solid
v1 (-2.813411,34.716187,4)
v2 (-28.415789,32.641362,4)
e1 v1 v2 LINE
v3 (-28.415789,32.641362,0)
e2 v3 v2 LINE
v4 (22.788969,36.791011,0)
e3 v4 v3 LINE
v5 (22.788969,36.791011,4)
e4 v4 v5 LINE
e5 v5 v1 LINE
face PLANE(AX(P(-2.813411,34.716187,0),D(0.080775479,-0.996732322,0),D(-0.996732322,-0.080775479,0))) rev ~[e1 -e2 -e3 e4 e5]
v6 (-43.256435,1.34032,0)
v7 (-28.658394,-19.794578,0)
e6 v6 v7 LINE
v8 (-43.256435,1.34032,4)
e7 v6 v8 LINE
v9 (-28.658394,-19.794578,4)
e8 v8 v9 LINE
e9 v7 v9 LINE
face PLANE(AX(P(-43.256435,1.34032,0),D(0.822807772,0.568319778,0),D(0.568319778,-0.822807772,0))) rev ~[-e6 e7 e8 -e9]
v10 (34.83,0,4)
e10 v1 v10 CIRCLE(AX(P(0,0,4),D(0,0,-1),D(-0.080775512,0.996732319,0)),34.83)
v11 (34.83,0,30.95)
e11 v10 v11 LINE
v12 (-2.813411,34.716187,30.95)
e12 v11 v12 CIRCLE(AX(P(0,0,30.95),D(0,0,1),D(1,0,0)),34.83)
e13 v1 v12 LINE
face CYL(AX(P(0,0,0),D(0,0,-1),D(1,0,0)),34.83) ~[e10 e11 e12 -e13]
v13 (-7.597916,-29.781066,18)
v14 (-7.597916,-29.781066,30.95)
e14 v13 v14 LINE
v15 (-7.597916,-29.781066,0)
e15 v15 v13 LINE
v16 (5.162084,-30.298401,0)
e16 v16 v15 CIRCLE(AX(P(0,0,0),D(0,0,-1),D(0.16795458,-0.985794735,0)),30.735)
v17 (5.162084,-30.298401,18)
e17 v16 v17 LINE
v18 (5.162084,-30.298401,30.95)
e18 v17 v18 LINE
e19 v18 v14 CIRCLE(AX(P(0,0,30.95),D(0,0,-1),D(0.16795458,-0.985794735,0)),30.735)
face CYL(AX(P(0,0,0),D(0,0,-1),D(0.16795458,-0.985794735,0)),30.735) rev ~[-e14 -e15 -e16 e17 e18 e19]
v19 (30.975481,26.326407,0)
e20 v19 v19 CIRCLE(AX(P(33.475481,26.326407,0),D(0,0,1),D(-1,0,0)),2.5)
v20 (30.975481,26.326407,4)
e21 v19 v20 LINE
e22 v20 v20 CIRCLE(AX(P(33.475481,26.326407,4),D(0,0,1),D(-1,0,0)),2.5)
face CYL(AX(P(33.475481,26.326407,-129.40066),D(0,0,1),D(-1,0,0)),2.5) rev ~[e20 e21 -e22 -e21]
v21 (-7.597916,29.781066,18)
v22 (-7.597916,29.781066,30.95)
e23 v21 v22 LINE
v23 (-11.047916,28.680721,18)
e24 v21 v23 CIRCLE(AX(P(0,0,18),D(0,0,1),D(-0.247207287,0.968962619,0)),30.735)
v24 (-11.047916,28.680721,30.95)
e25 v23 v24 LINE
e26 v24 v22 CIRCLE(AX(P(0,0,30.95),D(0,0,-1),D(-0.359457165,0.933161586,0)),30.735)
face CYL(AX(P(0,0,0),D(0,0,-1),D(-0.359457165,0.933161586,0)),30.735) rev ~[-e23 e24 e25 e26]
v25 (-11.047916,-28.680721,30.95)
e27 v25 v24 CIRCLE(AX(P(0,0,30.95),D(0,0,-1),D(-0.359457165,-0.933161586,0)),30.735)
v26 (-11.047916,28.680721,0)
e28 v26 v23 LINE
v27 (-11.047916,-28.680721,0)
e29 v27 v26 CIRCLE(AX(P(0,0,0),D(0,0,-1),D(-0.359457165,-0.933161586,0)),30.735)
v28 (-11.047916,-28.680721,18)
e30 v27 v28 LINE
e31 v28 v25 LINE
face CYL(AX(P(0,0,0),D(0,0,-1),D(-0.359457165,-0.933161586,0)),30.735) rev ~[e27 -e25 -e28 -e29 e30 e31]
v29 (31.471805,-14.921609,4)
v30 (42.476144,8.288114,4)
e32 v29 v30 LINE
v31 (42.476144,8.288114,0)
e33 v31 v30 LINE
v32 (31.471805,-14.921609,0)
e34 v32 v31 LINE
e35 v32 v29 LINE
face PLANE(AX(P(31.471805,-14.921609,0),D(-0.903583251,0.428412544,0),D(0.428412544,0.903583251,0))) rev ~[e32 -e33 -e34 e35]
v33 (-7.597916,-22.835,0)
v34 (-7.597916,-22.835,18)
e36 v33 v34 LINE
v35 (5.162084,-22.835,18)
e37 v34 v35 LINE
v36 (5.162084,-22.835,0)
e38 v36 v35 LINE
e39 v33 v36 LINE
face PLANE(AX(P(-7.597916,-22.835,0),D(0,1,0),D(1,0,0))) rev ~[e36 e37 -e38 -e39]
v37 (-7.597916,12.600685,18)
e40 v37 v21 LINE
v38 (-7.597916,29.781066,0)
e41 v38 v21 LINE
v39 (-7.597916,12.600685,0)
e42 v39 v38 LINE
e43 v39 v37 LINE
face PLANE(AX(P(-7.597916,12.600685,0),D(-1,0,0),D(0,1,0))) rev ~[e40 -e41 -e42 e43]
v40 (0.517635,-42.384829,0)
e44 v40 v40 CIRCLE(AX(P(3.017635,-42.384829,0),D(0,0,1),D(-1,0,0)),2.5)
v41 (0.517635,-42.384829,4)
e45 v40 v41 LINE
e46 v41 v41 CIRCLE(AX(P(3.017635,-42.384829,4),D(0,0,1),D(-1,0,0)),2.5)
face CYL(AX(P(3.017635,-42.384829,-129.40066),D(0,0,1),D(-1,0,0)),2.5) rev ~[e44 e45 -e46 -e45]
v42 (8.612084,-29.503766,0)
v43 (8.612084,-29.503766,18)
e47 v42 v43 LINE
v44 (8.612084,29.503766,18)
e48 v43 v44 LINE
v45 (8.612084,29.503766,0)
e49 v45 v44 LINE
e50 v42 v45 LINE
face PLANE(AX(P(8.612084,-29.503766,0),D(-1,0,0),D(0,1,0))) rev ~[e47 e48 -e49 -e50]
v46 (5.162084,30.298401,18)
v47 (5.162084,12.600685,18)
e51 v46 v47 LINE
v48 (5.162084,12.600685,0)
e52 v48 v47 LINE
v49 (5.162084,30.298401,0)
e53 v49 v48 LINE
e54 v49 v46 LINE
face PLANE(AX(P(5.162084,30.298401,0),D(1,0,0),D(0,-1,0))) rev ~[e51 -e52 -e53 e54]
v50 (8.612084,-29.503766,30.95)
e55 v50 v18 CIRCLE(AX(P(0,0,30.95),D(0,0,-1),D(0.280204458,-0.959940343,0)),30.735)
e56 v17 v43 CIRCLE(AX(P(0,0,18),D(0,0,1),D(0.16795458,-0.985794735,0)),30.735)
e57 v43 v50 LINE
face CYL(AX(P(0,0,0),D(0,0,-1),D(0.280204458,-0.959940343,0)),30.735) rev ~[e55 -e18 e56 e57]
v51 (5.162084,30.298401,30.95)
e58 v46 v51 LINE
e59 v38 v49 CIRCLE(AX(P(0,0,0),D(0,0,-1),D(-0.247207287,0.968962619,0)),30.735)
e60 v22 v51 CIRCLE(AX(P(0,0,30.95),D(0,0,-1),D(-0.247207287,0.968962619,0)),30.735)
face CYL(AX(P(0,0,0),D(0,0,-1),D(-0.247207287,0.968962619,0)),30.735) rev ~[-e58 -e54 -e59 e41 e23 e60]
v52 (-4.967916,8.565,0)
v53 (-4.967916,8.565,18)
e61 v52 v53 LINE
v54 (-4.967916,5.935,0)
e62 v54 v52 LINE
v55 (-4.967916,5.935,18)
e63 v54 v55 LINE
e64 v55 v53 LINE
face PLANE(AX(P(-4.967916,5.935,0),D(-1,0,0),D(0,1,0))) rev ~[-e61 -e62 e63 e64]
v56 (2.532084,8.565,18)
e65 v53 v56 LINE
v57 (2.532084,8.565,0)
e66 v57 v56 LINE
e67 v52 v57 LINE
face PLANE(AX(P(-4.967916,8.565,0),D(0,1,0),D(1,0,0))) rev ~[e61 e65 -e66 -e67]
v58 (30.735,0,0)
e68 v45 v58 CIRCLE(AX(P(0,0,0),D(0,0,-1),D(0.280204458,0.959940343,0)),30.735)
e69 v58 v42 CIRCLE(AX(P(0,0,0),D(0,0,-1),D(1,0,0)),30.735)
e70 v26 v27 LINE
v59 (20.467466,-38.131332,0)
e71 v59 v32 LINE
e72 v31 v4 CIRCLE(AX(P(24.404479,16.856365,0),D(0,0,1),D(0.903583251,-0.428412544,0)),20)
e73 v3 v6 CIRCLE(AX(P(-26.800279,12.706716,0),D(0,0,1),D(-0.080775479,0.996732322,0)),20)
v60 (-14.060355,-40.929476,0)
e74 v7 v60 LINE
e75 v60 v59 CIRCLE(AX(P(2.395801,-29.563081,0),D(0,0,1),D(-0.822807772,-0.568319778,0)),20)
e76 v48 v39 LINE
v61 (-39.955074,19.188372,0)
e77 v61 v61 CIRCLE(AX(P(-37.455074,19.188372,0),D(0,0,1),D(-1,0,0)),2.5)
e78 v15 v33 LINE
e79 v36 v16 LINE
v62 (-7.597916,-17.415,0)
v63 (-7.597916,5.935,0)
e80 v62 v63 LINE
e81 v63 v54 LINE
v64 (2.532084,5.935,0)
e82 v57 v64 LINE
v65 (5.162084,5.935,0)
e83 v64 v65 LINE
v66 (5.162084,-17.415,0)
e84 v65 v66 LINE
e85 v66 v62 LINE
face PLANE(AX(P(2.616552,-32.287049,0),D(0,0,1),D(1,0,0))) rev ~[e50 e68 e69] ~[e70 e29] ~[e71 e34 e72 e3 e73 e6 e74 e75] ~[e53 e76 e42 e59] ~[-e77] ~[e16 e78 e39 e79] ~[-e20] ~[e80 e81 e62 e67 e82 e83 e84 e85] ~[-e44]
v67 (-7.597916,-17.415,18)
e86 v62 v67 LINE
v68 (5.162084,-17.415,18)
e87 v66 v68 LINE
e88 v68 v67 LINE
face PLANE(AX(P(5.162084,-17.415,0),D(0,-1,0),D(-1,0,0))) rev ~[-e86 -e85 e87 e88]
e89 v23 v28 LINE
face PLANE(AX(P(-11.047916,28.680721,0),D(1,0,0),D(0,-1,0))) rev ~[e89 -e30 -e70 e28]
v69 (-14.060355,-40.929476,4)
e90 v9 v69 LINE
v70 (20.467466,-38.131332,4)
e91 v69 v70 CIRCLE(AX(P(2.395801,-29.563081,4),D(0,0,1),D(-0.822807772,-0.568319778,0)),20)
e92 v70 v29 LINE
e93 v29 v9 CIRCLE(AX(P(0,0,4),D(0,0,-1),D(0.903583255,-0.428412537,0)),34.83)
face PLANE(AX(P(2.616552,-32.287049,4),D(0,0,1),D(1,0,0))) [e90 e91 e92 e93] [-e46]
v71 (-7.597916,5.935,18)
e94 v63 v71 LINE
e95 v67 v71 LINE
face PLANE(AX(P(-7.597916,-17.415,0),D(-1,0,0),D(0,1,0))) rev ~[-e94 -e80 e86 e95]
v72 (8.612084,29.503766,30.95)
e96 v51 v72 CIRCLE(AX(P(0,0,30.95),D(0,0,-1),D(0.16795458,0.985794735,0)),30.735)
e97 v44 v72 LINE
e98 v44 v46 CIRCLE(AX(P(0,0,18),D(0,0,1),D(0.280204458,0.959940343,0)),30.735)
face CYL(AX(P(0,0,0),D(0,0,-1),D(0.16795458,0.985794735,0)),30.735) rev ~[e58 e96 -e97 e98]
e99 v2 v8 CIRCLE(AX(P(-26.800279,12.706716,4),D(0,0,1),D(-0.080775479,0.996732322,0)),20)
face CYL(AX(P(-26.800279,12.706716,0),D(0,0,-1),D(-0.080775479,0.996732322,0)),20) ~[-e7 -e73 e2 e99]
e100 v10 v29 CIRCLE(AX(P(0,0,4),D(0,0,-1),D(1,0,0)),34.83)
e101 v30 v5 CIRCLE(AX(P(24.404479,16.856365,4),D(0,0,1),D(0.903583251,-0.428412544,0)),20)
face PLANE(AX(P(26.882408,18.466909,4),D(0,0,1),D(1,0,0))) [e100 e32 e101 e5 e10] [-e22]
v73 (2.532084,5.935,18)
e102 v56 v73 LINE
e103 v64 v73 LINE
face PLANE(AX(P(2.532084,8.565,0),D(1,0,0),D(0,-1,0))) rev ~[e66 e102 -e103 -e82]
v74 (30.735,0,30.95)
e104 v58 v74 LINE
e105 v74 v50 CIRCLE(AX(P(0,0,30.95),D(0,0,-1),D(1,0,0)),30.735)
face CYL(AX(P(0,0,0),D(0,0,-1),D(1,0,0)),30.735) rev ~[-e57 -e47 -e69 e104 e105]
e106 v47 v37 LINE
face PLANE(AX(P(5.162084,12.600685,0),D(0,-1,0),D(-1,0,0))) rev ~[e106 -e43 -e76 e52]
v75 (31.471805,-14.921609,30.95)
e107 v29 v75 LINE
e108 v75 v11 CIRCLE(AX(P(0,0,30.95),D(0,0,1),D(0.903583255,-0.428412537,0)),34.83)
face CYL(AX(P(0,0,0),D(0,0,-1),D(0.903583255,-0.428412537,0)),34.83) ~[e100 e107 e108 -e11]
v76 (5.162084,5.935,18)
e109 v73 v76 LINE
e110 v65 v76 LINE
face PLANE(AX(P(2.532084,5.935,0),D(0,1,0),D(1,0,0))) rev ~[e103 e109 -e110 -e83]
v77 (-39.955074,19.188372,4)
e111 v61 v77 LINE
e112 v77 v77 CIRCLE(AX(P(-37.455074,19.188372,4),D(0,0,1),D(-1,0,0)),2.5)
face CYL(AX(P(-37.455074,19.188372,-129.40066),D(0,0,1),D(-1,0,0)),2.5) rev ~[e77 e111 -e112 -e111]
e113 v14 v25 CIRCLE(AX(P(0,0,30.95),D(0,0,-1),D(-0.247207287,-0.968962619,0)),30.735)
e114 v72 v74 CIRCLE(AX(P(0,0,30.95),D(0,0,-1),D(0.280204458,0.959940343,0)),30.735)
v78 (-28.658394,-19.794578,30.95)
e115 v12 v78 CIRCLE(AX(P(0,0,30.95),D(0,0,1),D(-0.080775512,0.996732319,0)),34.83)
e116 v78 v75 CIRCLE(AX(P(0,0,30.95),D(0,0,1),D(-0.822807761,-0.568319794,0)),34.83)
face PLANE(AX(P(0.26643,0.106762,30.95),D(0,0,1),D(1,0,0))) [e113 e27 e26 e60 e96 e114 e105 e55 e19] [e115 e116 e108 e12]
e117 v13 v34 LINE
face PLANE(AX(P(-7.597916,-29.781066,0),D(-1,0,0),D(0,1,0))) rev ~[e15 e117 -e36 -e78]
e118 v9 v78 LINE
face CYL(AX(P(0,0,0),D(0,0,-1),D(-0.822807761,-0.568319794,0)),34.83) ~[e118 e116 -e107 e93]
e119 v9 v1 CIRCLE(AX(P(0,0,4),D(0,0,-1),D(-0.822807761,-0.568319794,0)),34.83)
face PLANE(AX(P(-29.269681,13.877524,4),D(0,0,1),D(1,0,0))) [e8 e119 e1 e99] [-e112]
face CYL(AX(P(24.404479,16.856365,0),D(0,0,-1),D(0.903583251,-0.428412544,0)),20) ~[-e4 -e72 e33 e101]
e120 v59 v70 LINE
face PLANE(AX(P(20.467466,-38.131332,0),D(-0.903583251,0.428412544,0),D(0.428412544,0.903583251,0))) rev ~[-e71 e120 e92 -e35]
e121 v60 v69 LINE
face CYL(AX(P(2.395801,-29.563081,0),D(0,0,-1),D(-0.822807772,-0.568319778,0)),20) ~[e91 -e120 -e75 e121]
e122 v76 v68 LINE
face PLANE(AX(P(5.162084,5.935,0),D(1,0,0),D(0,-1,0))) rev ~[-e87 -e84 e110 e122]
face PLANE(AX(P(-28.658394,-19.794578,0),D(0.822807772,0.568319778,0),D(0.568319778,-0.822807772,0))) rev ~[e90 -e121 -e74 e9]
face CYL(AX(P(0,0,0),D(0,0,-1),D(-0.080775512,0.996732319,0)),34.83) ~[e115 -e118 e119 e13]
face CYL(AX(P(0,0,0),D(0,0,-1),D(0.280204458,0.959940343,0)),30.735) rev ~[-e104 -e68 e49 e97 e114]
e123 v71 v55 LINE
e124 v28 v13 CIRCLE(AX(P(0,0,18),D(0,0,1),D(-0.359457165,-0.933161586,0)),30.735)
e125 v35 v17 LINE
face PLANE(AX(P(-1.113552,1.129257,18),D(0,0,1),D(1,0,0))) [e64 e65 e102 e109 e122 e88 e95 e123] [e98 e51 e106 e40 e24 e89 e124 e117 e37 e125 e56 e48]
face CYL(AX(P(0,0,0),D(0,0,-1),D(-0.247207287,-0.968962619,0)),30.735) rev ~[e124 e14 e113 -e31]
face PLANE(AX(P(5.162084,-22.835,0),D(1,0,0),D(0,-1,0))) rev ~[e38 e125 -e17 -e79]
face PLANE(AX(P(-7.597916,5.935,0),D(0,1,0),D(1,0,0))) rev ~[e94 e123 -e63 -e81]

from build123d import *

# Parameters (mm, degrees)
F1_DEPTH = 30.95
F2_DEPTH = 18
F4_DEPTH = 4
F5_DEPTH = 4
F6_D     = 5


with BuildPart() as f1:
    # F0 (on Top) → F1 (new body)
    with BuildSketch(Plane.XY):
        with BuildLine():
            ThreePointArc((31.4718047667, -14.9216086508), (33.9800813715, -7.6474159027), (34.83, 0))
            ThreePointArc((34.83, 0), (23.6128968094, 25.6039060354), (-2.8134110978, 34.7161866857))
            ThreePointArc((-2.8134110978, 34.7161866857), (-31.4718050367, 14.9216080814), (-28.6583943208, -19.7945784232))
            ThreePointArc((-28.6583943208, -19.7945784232), (2.8134104188, -34.7161867407), (31.4718047667, -14.9216086508))
        make_face()
        with BuildLine():
            ThreePointArc((8.6120840205, 29.5037664345), (24.589963678, 18.4383814722), (30.735, 0))
            ThreePointArc((30.735, 0), (24.589963678, -18.4383814722), (8.6120840205, -29.5037664345))
            ThreePointArc((8.6120840205, -29.5037664345), (6.8985351632, -29.9508002832), (5.1620840205, -30.2984011718))
            ThreePointArc((5.1620840205, -30.2984011718), (-1.2450816151, -30.7097703797), (-7.5979159795, -29.7810660952))
            ThreePointArc((-7.5979159795, -29.7810660952), (-9.3391355058, -29.2817481207), (-11.0479159795, -28.6807213562))
            ThreePointArc((-11.0479159795, -28.6807213562), (-30.735, 0), (-11.0479159795, 28.6807213562))
            ThreePointArc((-11.0479159795, 28.6807213562), (-9.3391355058, 29.2817481207), (-7.5979159795, 29.7810660952))
            ThreePointArc((-7.5979159795, 29.7810660952), (-1.2450816151, 30.7097703797), (5.1620840205, 30.2984011718))
            ThreePointArc((5.1620840205, 30.2984011718), (6.8985351632, 29.9508002832), (8.6120840205, 29.5037664345))
        make_face(mode=Mode.SUBTRACT)
    extrude(amount=F1_DEPTH)

    # F0 (on Top) → F2 (join)
    with BuildSketch(Plane.XY):
        with BuildLine():
            Line((8.6120840205, 28.6807213562), (8.6120840205, 29.5037664345))
            ThreePointArc((8.6120840205, 29.5037664345), (6.8985351632, 29.9508002832), (5.1620840205, 30.2984011718))
            Line((5.1620840205, 30.2984011718), (5.1620840205, 12.6006845385))
            Line((5.1620840205, 12.6006845385), (-7.5979159795, 12.6006845385))
            Line((-7.5979159795, 12.6006845385), (-7.5979159795, 29.7810660952))
            ThreePointArc((-7.5979159795, 29.7810660952), (-9.3391355058, 29.2817481207), (-11.0479159795, 28.6807213562))
            Line((-11.0479159795, 28.6807213562), (-11.0479159795, -28.6807213562))
            ThreePointArc((-11.0479159795, -28.6807213562), (-9.3391355058, -29.2817481207), (-7.5979159795, -29.7810660952))
            Line((-7.5979159795, -29.7810660952), (-7.5979159795, -22.835))
            Line((-7.5979159795, -22.835), (5.1620840205, -22.835))
            Line((5.1620840205, -22.835), (5.1620840205, -30.2984011718))
            ThreePointArc((5.1620840205, -30.2984011718), (6.8985351632, -29.9508002832), (8.6120840205, -29.5037664345))
            Line((8.6120840205, -29.5037664345), (8.6120840205, 28.6807213562))
        make_face()
        Polygon((5.1620840205, -17.415), (-7.5979159795, -17.415), (-7.5979159795, 5.935), (-4.9679159795, 5.935), (-4.9679159795, 8.565), (2.5320840205, 8.565), (2.5320840205, 5.935), (5.1620840205, 5.935), align=None, mode=Mode.SUBTRACT)
    extrude(amount=F2_DEPTH)

    # F0 (on Top) → F4 (join)
    with BuildSketch(Plane.XY):
        with BuildLine():
            ThreePointArc((-28.6583943208, -19.7945784232), (-31.4718050367, 14.9216080814), (-2.8134110978, 34.7161866857))
            Line((-2.8134110978, 34.7161866857), (-28.4157888205, 32.6413624978))
            ThreePointArc((-28.4157888205, 32.6413624978), (-44.8719442624, 21.2749669357), (-43.2564346771, 1.3403204934))
            Line((-43.2564346771, 1.3403204934), (-28.6583943208, -19.7945784232))
        make_face()
        with BuildLine():
            ThreePointArc((-2.8134110978, 34.7161866857), (23.6128968094, 25.6039060354), (34.83, 0))
            ThreePointArc((34.83, 0), (33.9800813715, -7.6474159027), (31.4718047667, -14.9216086508))
            Line((31.4718047667, -14.9216086508), (42.4761435474, 8.2881137382))
            ThreePointArc((42.4761435474, 8.2881137382), (40.8606339622, 28.2227601805), (22.7889689351, 36.7910110608))
            Line((22.7889689351, 36.7910110608), (-2.8134110978, 34.7161866857))
        make_face()
    extrude(amount=F4_DEPTH)

    # F0 (on Top) → F5 (join)
    with BuildSketch(Plane.XY):
        with BuildLine():
            Line((20.467465742, -38.1313315542), (31.4718047667, -14.9216086508))
            ThreePointArc((31.4718047667, -14.9216086508), (2.8134104188, -34.7161867407), (-28.6583943208, -19.7945784232))
            Line((-28.6583943208, -19.7945784232), (-14.060354727, -40.929476236))
            ThreePointArc((-14.060354727, -40.929476236), (4.0113103002, -49.4977271163), (20.467465742, -38.1313315542))
        make_face()
    extrude(amount=F5_DEPTH)

    # F6 (through all)
    with Locations(Plane(origin=(0, 0, 0), x_dir=(1, 0, 0), z_dir=(0, 0, -1))):
        with Locations((-37.4550744891, -19.1883724183), (33.4754809737, -26.3264067471), (3.0176348519, 42.3848293722)):
            Hole(F6_D / 2)


solid = f1.part
